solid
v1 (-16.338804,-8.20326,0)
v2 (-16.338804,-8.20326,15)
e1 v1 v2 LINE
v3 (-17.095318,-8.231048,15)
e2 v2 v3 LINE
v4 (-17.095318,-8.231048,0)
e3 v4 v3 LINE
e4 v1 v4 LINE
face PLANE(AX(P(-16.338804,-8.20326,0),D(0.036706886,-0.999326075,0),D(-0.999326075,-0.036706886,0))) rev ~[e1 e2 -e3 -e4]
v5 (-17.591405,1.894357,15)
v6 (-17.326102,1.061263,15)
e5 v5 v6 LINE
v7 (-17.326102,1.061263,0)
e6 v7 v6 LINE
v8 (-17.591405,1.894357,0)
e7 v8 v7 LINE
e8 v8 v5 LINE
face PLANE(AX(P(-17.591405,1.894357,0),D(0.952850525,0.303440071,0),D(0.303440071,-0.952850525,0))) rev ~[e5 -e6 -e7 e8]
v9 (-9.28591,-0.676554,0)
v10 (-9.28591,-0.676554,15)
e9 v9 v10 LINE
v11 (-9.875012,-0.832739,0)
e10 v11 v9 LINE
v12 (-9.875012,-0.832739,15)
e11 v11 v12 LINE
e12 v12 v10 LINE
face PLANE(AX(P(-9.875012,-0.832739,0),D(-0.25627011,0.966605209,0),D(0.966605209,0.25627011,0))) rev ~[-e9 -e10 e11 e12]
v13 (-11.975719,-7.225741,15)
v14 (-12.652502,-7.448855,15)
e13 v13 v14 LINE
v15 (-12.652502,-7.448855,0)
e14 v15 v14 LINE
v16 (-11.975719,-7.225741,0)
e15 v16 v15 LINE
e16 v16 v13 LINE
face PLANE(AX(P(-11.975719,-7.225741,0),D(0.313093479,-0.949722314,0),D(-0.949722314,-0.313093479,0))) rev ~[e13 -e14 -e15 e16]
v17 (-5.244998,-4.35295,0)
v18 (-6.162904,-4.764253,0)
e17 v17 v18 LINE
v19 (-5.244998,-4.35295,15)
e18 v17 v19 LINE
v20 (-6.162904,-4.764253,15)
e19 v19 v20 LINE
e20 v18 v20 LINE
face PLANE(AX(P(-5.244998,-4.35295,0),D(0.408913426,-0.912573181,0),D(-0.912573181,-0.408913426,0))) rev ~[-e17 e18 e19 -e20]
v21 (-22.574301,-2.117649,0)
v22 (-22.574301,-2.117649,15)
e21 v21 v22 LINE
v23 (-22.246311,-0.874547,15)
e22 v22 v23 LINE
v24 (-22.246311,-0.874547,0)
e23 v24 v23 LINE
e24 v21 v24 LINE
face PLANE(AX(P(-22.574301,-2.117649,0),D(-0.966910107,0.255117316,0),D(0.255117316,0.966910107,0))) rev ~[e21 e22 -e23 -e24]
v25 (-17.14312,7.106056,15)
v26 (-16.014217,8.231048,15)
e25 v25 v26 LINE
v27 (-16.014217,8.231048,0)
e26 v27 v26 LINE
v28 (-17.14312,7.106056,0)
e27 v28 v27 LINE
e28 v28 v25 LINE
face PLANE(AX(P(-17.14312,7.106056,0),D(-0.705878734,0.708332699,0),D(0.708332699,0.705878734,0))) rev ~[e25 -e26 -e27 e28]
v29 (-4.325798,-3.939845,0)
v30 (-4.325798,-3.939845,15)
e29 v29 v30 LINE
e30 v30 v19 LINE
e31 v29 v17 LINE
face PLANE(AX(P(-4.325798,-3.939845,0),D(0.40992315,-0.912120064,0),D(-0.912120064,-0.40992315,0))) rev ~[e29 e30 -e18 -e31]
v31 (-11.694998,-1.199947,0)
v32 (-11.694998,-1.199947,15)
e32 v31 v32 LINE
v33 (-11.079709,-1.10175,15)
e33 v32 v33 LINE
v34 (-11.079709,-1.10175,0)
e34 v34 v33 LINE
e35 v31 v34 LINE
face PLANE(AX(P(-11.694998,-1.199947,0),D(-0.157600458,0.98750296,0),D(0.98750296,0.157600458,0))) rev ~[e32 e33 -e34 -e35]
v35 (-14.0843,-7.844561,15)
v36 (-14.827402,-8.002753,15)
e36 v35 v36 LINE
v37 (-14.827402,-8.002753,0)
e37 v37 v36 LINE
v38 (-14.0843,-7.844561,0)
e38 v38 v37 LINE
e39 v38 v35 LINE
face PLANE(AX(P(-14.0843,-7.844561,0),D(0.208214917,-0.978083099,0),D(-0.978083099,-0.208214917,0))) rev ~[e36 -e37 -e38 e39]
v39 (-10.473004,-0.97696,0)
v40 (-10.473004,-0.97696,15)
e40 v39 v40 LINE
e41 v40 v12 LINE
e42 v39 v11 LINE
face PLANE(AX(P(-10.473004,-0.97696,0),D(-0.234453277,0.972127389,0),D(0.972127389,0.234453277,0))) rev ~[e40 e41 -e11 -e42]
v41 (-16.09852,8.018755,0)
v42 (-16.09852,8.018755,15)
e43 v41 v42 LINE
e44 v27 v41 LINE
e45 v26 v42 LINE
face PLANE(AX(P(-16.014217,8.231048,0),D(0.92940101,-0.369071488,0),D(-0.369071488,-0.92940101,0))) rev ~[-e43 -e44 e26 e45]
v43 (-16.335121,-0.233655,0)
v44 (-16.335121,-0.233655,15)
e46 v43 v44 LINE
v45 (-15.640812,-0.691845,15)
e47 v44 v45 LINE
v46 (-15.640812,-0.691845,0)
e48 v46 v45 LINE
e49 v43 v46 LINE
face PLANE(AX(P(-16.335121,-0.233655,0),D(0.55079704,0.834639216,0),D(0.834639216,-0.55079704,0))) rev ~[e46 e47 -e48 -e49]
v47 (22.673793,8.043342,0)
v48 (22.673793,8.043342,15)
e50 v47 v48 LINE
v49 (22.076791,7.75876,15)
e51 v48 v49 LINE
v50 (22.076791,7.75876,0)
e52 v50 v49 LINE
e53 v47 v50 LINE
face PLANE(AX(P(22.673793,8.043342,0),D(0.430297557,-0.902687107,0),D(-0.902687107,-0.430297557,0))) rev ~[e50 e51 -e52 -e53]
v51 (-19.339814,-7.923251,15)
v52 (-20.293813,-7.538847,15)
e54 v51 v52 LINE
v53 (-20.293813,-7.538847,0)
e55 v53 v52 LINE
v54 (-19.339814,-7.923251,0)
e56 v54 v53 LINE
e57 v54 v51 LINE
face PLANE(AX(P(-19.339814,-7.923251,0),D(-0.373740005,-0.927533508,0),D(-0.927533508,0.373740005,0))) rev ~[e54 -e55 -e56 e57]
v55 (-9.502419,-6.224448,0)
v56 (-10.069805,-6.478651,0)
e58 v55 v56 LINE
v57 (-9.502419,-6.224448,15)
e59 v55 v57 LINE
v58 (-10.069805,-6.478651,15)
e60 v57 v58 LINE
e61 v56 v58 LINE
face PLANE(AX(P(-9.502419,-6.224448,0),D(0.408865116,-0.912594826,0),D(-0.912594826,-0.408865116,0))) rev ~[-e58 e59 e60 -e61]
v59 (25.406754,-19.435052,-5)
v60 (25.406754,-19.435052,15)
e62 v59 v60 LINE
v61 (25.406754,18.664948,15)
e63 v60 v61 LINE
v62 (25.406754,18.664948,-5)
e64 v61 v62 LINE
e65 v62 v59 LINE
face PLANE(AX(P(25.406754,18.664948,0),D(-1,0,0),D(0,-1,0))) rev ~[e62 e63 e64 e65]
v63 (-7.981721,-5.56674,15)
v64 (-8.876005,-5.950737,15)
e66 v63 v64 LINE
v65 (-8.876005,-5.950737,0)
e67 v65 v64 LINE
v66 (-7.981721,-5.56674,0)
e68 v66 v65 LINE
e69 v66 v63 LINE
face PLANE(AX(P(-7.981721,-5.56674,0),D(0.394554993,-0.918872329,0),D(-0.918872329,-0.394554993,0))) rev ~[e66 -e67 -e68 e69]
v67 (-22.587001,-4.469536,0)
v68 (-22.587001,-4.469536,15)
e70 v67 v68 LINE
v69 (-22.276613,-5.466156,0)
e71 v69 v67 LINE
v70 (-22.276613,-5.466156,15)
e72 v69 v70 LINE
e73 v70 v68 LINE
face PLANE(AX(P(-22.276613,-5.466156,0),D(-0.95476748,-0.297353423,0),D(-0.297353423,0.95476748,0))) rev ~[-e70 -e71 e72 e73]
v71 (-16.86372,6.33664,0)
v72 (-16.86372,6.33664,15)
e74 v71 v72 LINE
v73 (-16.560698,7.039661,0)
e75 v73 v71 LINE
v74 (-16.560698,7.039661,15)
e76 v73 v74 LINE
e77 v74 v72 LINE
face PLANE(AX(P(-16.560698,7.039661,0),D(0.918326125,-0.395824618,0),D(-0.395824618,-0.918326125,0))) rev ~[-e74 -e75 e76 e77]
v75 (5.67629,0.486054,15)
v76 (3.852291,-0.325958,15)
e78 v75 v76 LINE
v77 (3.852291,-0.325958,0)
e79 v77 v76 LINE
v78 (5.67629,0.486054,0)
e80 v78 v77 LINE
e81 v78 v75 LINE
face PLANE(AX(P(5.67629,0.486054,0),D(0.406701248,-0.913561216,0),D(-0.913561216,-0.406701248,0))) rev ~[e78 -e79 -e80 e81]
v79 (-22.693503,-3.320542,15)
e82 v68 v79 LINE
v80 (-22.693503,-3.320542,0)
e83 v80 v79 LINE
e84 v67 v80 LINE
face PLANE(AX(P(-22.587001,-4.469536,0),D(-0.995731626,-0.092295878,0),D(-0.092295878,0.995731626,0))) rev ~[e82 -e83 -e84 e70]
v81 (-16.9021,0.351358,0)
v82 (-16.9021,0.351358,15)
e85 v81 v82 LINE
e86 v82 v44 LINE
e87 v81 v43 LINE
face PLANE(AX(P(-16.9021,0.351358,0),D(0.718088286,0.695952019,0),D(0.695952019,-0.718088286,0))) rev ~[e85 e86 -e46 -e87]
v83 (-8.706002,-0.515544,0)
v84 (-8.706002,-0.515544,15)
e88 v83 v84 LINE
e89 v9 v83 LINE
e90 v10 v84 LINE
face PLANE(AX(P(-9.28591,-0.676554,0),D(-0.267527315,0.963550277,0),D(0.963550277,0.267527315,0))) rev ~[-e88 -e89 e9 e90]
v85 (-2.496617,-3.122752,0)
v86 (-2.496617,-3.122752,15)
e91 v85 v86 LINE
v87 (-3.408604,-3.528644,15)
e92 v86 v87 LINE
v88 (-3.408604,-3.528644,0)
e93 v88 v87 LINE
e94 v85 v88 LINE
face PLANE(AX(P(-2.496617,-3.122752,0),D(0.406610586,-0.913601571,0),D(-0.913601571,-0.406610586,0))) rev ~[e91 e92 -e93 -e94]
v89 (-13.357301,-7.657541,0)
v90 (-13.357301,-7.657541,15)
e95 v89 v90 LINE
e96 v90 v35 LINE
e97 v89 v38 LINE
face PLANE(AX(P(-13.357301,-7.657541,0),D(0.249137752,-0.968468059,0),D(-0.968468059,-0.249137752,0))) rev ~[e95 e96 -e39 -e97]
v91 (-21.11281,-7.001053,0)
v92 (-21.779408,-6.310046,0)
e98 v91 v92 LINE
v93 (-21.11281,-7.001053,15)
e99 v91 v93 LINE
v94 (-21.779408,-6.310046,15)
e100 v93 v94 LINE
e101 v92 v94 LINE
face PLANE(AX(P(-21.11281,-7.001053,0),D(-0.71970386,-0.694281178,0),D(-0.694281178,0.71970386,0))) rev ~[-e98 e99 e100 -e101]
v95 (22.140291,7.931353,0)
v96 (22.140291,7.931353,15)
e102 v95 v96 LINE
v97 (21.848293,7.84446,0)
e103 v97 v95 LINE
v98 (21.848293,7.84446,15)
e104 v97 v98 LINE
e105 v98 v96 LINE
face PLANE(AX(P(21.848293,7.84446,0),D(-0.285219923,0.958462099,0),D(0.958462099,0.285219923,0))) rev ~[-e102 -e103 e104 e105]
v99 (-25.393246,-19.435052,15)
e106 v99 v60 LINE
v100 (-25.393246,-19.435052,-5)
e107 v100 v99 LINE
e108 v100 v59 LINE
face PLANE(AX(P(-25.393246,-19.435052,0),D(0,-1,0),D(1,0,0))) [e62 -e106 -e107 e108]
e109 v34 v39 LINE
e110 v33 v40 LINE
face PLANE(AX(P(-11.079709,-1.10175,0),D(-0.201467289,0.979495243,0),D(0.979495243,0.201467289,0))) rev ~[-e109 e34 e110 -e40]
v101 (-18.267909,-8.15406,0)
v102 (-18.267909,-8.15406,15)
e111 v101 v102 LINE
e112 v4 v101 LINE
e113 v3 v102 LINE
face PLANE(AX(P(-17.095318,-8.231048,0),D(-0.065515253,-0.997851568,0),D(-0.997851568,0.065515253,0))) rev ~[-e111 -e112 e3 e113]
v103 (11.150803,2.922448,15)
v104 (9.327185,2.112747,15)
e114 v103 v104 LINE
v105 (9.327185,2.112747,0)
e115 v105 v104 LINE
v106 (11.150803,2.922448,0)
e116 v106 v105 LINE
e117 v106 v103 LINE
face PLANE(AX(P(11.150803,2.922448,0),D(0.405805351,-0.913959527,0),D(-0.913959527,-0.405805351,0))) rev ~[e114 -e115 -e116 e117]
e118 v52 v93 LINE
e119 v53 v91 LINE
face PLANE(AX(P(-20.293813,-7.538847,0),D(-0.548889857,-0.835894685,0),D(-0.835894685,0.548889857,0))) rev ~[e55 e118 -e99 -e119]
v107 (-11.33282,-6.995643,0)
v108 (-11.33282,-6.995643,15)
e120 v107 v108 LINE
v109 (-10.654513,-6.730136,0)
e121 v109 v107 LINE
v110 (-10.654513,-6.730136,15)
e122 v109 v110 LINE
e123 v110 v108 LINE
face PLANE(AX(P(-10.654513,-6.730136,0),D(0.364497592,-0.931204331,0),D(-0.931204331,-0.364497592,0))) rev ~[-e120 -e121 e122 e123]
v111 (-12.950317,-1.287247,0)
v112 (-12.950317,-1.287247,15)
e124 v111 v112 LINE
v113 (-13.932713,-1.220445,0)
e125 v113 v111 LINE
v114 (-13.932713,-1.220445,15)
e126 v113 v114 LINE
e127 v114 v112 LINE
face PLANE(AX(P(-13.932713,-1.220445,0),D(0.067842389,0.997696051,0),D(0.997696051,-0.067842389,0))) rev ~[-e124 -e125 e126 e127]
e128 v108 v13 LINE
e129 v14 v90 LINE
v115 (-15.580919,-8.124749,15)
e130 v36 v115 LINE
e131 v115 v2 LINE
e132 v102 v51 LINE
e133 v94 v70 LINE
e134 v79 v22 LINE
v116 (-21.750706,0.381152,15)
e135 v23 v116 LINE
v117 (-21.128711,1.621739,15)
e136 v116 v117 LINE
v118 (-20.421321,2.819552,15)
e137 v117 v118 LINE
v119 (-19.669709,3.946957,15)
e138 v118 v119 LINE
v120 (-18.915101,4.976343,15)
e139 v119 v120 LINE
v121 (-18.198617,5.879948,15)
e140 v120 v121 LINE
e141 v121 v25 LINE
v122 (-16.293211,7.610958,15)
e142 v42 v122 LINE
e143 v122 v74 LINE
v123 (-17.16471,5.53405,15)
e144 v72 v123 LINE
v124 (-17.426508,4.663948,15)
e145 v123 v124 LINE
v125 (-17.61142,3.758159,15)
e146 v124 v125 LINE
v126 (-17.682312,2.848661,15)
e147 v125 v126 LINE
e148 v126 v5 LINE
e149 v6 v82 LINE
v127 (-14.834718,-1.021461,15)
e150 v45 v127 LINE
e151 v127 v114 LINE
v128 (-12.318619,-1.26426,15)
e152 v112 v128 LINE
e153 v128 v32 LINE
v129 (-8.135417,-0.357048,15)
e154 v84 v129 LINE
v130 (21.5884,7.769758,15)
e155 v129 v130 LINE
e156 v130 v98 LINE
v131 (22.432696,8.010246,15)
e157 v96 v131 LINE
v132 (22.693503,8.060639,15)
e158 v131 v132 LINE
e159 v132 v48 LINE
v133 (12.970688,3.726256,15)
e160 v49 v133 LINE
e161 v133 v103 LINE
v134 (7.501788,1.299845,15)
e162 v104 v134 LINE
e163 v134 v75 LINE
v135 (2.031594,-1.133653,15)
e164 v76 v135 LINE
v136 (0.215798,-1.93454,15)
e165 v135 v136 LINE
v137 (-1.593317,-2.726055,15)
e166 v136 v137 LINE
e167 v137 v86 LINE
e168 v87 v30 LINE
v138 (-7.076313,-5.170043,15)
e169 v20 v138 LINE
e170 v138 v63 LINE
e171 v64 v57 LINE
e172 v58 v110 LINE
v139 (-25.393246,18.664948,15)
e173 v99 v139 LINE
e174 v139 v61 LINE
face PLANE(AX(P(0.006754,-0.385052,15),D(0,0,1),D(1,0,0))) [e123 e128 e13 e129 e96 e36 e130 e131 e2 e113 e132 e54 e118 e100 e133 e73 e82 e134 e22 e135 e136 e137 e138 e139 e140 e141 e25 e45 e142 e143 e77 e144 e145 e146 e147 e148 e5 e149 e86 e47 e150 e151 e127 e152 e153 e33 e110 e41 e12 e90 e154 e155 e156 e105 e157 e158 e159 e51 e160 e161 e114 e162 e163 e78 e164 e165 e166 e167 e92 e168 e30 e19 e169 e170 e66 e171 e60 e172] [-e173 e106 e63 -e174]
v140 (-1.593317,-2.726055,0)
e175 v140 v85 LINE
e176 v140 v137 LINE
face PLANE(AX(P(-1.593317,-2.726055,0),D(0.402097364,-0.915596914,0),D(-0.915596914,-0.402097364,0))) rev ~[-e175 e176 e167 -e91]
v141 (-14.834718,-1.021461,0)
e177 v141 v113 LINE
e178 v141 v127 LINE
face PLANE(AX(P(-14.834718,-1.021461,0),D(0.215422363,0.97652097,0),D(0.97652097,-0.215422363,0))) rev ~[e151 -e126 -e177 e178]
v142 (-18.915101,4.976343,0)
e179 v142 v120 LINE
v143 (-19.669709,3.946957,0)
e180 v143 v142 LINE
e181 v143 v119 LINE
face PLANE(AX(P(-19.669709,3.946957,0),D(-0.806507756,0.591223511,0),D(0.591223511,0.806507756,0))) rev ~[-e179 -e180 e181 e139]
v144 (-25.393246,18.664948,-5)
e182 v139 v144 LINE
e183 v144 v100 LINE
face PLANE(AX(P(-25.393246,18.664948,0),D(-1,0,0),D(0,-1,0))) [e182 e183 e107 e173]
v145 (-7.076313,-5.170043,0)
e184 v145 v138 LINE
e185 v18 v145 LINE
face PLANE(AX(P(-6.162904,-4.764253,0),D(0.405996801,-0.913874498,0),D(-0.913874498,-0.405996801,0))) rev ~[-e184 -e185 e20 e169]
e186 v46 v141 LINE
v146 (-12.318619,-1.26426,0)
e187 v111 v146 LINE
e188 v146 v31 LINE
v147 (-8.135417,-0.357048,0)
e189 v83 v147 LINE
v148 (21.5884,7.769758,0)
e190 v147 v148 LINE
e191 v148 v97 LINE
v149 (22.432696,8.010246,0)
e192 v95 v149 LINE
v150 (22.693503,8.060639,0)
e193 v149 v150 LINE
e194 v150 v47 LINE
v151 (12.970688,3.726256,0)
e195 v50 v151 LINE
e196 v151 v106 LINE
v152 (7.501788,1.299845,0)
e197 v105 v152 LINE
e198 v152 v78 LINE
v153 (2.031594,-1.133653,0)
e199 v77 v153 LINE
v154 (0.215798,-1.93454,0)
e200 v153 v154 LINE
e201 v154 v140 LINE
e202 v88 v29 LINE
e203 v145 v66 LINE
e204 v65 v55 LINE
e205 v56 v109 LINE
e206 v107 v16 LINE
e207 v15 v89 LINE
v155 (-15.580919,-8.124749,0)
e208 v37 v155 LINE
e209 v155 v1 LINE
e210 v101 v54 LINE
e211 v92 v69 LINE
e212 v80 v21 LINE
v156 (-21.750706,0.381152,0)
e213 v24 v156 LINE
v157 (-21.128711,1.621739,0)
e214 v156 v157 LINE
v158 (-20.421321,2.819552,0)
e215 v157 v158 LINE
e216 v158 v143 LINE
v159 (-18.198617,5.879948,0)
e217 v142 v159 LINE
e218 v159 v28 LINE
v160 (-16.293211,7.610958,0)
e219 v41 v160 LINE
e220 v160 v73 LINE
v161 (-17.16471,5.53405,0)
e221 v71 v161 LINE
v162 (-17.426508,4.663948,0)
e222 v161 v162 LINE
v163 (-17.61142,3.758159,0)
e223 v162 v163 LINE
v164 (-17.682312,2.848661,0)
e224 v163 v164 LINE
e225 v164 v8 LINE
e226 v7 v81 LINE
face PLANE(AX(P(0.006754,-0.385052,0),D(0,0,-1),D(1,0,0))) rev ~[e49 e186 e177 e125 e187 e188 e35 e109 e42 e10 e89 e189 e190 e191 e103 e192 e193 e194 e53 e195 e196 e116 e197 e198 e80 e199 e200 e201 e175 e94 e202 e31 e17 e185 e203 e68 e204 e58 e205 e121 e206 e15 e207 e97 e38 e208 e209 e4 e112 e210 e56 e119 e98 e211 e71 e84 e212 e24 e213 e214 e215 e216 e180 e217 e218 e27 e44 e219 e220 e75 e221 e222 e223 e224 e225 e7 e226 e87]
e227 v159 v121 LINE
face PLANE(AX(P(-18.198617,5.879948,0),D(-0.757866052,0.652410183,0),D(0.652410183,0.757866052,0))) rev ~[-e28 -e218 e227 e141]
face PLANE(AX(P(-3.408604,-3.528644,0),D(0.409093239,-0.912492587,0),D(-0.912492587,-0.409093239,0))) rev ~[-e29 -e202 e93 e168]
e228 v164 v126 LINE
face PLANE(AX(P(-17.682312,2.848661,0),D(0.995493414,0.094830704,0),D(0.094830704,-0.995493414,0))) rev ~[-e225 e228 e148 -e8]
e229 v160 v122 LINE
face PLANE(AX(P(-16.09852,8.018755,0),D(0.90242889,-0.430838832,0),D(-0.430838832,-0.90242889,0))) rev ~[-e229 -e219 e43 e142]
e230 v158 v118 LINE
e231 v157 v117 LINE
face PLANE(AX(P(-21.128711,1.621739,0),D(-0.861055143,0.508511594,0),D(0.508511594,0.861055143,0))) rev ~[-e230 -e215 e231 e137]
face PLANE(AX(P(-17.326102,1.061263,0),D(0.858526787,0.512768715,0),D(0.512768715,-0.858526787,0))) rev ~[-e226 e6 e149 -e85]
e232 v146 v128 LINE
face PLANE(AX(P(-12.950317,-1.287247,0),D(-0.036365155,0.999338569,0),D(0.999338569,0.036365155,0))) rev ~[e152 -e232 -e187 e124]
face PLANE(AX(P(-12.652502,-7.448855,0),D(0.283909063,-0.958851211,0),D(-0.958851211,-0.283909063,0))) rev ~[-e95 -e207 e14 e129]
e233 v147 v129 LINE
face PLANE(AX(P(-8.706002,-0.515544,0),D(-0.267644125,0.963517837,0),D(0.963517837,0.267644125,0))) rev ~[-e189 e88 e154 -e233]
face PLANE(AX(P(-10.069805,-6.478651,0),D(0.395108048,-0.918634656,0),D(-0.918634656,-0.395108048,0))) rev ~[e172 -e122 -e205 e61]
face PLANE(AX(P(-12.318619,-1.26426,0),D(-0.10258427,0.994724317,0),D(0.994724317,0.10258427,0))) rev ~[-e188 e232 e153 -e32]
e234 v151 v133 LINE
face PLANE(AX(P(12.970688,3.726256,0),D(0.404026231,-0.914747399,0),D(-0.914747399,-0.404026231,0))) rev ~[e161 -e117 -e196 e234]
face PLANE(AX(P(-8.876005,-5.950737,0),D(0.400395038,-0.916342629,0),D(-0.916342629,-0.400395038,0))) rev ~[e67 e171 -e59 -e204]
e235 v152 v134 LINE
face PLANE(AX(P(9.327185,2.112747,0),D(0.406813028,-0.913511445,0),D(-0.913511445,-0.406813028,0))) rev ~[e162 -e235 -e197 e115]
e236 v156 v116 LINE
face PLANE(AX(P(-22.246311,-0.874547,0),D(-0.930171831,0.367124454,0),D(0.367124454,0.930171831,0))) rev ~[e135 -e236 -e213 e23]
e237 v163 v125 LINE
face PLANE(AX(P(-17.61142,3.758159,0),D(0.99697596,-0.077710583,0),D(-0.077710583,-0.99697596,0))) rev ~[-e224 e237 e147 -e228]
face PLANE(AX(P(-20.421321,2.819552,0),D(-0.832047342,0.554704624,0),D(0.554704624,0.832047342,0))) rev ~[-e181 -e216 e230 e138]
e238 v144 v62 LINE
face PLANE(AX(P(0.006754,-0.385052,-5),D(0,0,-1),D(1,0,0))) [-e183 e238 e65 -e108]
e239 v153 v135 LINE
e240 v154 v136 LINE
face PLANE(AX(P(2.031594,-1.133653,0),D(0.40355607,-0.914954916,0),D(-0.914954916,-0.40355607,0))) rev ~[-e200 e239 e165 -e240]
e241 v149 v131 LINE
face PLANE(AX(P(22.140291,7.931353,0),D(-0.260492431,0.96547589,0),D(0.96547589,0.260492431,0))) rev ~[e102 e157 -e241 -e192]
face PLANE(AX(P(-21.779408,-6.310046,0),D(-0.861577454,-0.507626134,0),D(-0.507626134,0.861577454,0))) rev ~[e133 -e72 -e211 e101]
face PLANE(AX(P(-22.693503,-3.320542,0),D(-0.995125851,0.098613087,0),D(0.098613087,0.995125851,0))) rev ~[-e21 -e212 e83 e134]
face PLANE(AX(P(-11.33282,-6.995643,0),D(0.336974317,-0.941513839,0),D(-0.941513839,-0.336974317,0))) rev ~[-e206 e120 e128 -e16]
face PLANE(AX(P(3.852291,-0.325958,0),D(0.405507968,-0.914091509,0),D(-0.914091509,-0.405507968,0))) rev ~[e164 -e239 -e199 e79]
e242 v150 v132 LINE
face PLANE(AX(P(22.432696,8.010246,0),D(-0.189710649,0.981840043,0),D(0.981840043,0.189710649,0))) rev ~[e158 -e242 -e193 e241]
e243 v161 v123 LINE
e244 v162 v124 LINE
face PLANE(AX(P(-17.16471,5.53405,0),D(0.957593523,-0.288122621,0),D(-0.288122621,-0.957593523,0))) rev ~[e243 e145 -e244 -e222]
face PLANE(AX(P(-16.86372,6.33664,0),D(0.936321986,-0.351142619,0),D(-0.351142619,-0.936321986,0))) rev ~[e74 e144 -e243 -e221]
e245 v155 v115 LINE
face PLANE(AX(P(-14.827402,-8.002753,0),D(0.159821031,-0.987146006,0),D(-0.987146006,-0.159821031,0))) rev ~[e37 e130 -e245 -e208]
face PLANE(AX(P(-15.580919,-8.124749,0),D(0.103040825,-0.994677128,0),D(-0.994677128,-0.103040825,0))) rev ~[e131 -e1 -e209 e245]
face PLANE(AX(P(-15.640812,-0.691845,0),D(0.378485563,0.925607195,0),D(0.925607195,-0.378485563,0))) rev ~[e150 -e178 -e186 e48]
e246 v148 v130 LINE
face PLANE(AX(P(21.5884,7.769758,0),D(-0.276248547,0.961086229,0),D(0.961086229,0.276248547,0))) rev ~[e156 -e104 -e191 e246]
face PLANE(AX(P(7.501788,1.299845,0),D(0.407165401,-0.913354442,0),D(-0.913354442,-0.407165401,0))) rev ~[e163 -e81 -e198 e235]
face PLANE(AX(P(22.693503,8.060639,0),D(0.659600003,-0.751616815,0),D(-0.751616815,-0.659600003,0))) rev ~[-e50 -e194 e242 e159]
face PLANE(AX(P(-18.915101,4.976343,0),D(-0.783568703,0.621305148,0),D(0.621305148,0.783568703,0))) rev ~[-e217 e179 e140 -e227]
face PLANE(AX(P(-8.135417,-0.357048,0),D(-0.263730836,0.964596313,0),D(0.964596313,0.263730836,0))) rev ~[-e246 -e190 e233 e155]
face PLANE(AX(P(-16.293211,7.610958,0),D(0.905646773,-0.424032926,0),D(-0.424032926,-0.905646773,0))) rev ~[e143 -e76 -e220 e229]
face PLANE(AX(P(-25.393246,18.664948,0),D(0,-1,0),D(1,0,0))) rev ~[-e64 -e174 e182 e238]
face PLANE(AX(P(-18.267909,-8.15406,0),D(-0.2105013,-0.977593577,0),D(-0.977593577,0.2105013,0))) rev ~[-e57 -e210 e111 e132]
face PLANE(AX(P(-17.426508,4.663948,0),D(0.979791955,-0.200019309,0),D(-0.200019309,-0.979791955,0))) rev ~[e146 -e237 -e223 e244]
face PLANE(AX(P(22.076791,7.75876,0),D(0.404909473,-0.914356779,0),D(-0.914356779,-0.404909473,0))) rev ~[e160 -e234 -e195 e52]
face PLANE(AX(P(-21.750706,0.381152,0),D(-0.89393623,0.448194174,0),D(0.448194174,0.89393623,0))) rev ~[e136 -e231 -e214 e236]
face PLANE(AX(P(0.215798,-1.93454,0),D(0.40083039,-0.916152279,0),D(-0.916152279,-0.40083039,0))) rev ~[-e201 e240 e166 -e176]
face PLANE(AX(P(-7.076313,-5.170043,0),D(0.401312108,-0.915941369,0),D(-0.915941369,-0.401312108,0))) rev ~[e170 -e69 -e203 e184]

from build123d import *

# Parameters (mm, degrees)
F0_W     = 50.8
F0_H     = 38.1
F1_DEPTH = 15
F2_W     = 50.8
F2_H     = 38.1
F3_DEPTH = 5


with BuildPart() as f1:
    # F0 (on Top) → F1 (new body)
    with BuildSketch(Plane.XY):
        with Locations((0.006754, -0.385052)):
            Rectangle(F0_W, F0_H)
        Polygon((-22.587001, -4.469536), (-22.693503, -3.320542), (-22.574301, -2.117649), (-22.246311, -0.874547), (-21.750706, 0.381152), (-21.128711, 1.621739), (-20.421321, 2.819552), (-19.669709, 3.946957), (-18.915101, 4.976343), (-18.198617, 5.879948), (-17.14312, 7.106056), (-16.014217, 8.231048), (-16.09852, 8.018755), (-16.293211, 7.610958), (-16.560698, 7.039661), (-16.86372, 6.33664), (-17.16471, 5.53405), (-17.426508, 4.663948), (-17.61142, 3.758159), (-17.682312, 2.848661), (-17.591405, 1.894357), (-17.326102, 1.061263), (-16.9021, 0.351358), (-16.335121, -0.233655), (-15.640812, -0.691845), (-14.834718, -1.021461), (-13.932713, -1.220445), (-12.950317, -1.287247), (-12.318619, -1.26426), (-11.694998, -1.199947), (-11.079709, -1.10175), (-10.473004, -0.97696), (-9.875012, -0.832739), (-9.28591, -0.676554), (-8.706002, -0.515544), (-8.135417, -0.357048), (21.5884, 7.769758), (21.848293, 7.84446), (22.140291, 7.931353), (22.432696, 8.010246), (22.693503, 8.060639), (22.673793, 8.043342), (22.076791, 7.75876), (12.970688, 3.726256), (11.150803, 2.922448), (9.327185, 2.112747), (7.501788, 1.299845), (5.67629, 0.486054), (3.852291, -0.325958), (2.031594, -1.133653), (0.215798, -1.93454), (-1.593317, -2.726055), (-2.496617, -3.122752), (-3.408604, -3.528644), (-4.325798, -3.939845), (-5.244998, -4.35295), (-6.162904, -4.764253), (-7.076313, -5.170043), (-7.981721, -5.56674), (-8.876005, -5.950737), (-9.502419, -6.224448), (-10.069805, -6.478651), (-10.654513, -6.730136), (-11.33282, -6.995643), (-11.975719, -7.225741), (-12.652502, -7.448855), (-13.357301, -7.657541), (-14.0843, -7.844561), (-14.827402, -8.002753), (-15.580919, -8.124749), (-16.338804, -8.20326), (-17.095318, -8.231048), (-18.267909, -8.15406), (-19.339814, -7.923251), (-20.293813, -7.538847), (-21.11281, -7.001053), (-21.779408, -6.310046), (-22.276613, -5.466156), align=None, mode=Mode.SUBTRACT)
    extrude(amount=F1_DEPTH)

    # F2 (on face) → F3 (join)
    with BuildSketch(Plane(origin=(0, 0, 0), x_dir=(1, 0, 0), z_dir=(0, 0, -1))):
        with Locations((0.006754, 0.385052)):
            Rectangle(F2_W, F2_H)
    extrude(amount=F3_DEPTH)


solid = f1.part
